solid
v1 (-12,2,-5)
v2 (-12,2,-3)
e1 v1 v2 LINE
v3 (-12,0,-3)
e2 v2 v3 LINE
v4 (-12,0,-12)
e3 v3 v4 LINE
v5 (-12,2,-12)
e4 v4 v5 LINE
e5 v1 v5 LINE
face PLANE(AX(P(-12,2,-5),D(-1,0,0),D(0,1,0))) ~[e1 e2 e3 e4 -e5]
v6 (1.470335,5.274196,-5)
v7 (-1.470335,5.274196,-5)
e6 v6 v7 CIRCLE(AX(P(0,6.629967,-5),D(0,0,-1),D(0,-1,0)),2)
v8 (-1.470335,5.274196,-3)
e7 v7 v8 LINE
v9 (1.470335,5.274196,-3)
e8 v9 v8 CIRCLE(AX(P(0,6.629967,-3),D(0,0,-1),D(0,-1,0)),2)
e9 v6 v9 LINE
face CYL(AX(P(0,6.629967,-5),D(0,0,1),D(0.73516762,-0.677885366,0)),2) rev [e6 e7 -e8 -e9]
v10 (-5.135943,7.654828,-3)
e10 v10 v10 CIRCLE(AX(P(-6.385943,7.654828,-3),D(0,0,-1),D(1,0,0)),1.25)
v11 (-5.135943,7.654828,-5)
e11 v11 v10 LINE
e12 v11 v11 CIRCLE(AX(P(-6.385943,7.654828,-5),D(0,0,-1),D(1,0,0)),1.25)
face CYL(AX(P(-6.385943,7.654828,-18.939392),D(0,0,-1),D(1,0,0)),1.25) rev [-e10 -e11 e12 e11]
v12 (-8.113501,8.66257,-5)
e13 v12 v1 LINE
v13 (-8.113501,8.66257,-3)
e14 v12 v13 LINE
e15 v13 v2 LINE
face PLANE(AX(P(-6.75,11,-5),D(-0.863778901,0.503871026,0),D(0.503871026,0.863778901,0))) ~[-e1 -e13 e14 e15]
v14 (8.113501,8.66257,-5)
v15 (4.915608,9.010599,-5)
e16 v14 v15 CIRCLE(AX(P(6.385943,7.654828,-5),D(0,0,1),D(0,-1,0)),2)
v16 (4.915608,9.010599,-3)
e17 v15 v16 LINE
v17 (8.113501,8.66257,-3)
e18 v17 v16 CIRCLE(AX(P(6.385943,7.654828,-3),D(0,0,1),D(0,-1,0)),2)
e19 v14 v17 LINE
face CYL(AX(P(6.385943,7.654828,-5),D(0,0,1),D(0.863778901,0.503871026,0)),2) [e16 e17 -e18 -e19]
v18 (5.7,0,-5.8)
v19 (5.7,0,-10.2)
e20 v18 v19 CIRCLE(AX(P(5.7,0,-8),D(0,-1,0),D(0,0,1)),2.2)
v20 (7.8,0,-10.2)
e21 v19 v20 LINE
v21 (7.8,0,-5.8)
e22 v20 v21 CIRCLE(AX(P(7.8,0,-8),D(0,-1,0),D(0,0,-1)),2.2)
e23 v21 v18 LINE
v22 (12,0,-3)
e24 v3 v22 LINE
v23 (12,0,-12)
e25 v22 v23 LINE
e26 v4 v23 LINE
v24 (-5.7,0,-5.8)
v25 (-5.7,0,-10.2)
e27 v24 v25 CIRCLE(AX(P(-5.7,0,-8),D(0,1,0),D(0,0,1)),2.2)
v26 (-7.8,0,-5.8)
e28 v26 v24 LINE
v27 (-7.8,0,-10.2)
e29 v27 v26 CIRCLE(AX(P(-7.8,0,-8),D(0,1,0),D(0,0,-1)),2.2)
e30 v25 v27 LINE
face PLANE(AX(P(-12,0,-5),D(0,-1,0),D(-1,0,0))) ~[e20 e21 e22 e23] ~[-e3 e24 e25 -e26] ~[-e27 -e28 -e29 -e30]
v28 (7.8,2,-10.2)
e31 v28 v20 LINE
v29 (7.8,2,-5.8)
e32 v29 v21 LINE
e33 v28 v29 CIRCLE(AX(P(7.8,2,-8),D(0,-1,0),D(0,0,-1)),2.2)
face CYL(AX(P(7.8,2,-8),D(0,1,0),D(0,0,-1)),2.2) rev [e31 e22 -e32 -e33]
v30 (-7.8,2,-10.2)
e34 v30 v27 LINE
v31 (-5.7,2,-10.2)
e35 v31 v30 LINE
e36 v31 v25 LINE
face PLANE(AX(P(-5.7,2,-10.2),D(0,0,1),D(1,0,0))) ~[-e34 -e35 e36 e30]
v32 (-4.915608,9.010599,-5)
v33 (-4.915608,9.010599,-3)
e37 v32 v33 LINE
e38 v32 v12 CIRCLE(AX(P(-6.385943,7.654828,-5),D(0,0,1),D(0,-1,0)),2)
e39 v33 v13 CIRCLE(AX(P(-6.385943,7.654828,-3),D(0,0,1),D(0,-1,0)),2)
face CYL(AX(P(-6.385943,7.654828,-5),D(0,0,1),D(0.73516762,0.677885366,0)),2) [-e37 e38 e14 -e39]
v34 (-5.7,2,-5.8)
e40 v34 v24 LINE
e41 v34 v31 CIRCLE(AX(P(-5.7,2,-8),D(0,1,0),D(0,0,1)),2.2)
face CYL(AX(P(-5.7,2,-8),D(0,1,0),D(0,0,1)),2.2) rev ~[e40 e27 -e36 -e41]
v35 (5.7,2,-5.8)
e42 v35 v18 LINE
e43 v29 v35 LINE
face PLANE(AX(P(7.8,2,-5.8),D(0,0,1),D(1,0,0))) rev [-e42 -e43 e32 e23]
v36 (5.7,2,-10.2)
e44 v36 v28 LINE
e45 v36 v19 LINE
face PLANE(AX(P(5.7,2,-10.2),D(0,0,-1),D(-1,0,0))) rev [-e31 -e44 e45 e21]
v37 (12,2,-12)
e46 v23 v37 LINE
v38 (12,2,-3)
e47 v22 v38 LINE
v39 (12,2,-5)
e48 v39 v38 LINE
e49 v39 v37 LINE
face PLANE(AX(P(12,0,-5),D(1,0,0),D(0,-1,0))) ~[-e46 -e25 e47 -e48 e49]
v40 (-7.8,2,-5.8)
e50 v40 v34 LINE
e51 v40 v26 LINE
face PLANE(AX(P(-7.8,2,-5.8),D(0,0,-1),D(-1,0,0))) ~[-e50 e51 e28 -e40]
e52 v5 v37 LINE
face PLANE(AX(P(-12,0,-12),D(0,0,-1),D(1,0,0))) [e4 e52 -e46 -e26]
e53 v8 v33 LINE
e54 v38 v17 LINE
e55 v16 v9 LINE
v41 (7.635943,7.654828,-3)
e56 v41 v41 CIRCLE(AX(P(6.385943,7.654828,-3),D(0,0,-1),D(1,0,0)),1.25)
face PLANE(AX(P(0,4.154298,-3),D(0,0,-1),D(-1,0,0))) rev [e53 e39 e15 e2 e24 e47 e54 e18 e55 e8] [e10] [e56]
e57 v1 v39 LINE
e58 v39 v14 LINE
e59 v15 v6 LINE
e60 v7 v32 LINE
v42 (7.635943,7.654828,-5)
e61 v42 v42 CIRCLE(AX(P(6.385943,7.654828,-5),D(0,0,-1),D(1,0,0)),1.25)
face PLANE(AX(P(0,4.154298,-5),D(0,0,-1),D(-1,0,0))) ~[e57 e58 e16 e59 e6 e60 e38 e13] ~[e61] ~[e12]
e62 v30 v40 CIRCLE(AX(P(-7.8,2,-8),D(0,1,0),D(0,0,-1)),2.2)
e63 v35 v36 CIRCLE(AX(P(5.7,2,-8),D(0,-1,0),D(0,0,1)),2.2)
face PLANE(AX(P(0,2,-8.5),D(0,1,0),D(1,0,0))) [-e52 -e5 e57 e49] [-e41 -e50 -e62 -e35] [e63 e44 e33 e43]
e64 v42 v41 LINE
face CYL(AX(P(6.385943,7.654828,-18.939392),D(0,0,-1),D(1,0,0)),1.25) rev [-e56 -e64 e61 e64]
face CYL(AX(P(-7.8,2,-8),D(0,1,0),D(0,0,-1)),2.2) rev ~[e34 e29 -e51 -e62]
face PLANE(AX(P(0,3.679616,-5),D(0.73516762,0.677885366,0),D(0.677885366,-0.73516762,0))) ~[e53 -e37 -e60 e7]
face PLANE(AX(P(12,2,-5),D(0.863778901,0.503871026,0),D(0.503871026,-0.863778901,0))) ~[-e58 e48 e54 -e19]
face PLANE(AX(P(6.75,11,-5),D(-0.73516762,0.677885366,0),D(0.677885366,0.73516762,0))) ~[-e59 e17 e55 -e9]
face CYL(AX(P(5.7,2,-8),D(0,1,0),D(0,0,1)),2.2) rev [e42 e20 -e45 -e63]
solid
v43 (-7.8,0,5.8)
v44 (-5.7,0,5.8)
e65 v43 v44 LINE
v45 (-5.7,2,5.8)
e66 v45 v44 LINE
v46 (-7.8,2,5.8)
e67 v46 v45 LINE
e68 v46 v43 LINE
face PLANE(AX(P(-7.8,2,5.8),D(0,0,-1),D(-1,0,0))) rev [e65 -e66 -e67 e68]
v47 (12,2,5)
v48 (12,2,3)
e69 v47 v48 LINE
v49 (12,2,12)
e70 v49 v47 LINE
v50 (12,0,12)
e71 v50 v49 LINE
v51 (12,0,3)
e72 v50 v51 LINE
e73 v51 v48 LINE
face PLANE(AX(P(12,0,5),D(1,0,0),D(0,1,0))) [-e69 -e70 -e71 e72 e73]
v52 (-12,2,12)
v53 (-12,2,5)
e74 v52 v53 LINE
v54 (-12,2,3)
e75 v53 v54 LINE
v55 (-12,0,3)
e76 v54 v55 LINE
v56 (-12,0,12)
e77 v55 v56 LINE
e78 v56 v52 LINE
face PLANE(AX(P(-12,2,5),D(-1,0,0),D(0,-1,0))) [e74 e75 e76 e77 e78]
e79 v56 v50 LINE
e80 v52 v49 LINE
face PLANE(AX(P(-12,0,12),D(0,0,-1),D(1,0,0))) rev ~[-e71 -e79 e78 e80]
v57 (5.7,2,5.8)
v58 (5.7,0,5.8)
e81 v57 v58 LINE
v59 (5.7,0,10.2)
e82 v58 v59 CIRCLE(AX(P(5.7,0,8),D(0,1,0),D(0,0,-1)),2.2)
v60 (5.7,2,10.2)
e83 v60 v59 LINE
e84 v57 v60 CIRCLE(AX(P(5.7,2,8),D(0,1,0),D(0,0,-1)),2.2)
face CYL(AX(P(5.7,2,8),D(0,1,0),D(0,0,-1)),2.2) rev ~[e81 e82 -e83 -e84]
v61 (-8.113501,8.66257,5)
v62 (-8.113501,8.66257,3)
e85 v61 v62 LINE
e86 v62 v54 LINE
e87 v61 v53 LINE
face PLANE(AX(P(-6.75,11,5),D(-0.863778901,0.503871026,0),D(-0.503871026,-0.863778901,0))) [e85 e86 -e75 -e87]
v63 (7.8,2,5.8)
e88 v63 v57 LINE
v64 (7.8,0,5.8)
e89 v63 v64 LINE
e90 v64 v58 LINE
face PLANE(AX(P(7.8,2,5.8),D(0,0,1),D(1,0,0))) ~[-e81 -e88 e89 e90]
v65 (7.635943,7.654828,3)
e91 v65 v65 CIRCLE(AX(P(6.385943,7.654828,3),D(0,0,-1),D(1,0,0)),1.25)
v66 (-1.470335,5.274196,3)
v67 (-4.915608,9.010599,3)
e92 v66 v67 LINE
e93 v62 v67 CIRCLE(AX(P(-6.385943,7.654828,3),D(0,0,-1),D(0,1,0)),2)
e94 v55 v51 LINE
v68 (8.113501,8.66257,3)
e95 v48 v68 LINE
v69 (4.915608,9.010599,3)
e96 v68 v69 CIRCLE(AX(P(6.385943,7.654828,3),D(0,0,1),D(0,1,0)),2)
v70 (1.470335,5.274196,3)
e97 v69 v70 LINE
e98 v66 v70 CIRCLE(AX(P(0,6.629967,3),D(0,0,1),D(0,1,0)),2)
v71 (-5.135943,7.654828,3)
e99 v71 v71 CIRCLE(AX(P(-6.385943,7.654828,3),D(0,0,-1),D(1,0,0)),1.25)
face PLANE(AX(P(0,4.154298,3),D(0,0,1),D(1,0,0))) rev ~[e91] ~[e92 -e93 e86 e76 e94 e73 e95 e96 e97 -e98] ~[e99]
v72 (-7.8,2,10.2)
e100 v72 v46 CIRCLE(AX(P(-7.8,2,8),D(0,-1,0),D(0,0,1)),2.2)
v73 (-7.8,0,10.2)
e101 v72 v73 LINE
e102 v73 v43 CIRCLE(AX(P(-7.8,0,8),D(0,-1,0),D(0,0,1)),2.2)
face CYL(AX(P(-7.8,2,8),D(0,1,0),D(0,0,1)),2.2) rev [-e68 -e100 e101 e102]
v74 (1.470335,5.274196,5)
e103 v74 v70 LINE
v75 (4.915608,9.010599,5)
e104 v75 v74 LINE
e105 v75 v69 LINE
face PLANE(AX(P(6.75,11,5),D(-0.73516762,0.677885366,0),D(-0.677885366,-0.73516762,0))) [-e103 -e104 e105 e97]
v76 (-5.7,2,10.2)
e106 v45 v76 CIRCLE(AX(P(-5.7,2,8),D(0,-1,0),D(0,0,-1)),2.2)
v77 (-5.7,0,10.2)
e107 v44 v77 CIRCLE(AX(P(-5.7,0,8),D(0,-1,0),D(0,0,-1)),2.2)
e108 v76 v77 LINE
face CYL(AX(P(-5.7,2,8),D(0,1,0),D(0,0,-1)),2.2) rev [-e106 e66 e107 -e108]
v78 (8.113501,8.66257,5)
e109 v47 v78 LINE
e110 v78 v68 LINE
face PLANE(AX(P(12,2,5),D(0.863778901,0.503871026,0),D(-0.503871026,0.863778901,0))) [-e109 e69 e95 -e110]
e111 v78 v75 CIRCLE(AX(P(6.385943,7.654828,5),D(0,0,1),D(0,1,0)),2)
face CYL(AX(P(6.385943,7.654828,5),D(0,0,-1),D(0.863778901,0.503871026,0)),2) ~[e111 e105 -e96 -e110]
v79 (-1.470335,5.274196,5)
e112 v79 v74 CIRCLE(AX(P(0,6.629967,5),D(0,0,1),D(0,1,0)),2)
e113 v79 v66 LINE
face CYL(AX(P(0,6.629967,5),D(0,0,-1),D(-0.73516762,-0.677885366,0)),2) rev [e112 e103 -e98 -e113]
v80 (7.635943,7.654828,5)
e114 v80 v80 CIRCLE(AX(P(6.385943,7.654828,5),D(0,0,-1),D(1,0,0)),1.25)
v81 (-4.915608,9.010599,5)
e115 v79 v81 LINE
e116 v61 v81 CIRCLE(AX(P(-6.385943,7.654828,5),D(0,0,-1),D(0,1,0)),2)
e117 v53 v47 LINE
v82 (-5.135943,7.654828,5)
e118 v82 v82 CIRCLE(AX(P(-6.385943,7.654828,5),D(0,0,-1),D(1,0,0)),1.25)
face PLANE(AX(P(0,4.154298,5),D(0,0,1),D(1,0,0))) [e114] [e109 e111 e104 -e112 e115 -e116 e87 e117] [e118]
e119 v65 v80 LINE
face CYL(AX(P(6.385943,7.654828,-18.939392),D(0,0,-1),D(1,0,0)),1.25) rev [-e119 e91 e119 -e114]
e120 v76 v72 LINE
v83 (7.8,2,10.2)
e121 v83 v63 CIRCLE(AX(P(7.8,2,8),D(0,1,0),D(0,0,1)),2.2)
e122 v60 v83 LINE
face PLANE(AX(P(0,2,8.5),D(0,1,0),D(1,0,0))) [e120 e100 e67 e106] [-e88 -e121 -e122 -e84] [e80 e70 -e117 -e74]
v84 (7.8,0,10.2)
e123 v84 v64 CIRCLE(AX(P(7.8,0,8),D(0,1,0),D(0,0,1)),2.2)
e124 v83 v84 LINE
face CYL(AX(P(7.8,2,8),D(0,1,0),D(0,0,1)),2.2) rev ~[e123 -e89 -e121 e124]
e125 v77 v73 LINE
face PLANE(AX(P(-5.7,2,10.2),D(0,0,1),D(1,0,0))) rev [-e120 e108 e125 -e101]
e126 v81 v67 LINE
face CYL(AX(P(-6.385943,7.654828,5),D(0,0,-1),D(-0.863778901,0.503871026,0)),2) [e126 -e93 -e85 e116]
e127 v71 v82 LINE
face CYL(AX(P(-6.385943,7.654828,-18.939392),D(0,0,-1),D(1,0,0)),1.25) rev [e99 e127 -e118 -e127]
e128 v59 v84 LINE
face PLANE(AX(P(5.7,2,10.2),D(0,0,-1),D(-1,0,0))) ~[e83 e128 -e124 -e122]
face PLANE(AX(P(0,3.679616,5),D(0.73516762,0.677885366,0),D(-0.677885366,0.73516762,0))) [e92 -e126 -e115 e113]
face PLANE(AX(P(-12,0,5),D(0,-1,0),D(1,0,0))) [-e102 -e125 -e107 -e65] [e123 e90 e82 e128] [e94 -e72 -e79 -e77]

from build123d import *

# Parameters (mm, degrees)
SKETCH3_W               = 24
SKETCH3_H               = 7
BOSS_EXTRUDE2_DEPTH     = 2
BOSS_EXTRUDE2_2_DEPTH   = 2
BOSS_EXTRUDE3_DEPTH     = 2
FILLET3_R               = 2
CUT_EXTRUDE2_DEPTH      = 2
FILLET3_OF_MIRROR34_R   = 2
CUT_EXTRUDE3_DEPTH      = 23.939392052
CUT_EXTRUDE3_DEPTH_BACK = 23.939392052
SKETCH7_R               = 1.25


with BuildPart() as part:
    # Sketch3 → Boss-Extrude2 (new body)
    with BuildSketch(Plane(origin=(0, 0, 0), x_dir=(1, 0, 0), z_dir=(0, 1, 0))):
        with Locations((0, -8.5)):
            Rectangle(SKETCH3_W, SKETCH3_H)
    boss_extrude2 = extrude(amount=BOSS_EXTRUDE2_DEPTH)

    # Sketch5 → Boss-Extrude3 (add)
    with BuildSketch(Plane(origin=(0, 0, 5), x_dir=(-1, 0, 0), z_dir=(0, 0, -1))):
        Polygon((-12, 2), (-6.75, 11), (0, 3.679615637), (6.75, 11), (12, 2), (12, 0), (-12, 0), align=None)
    boss_extrude3 = extrude(amount=BOSS_EXTRUDE3_DEPTH)

    # Fillet3
    fillet3_edges = [part.edges().sort_by_distance(p)[0] for p in [
        (-6.75, 11, 4),
        (0, 3.679615637, 4),
        (6.75, 11, 4),
    ]]
    fillet(fillet3_edges, radius=FILLET3_R)


with BuildPart() as body_2:
    # Sketch3 → Boss-Extrude2 2 (new body)
    with BuildSketch(Plane(origin=(0, 0, 0), x_dir=(1, 0, 0), z_dir=(0, 1, 0))):
        with Locations((0, 8.5)):
            Rectangle(SKETCH3_W, SKETCH3_H)
    boss_extrude2_2 = extrude(amount=BOSS_EXTRUDE2_2_DEPTH)


with BuildPart() as cut_extrude2_tool:
    # Sketch4 → Cut-Extrude2 (new body)
    with BuildSketch(Plane(origin=(0, 2, 0), x_dir=(1, 0, 0), z_dir=(0, 1, 0))):
        with BuildLine():
            Line((-7.8, -5.8), (-5.7, -5.8))
            ThreePointArc((-5.7, -5.8), (-3.5, -8), (-5.7, -10.2))
            Line((-5.7, -10.2), (-7.8, -10.2))
            ThreePointArc((-7.8, -10.2), (-10, -8), (-7.8, -5.8))
        make_face()
        with BuildLine():
            Line((5.7, -10.2), (7.8, -10.2))
            ThreePointArc((7.8, -10.2), (10, -8), (7.8, -5.8))
            Line((7.8, -5.8), (5.7, -5.8))
            ThreePointArc((5.7, -5.8), (3.5, -8), (5.7, -10.2))
        make_face()
        with BuildLine():
            Line((-7.8, 5.8), (-5.7, 5.8))
            ThreePointArc((-5.7, 5.8), (-3.5, 8), (-5.7, 10.2))
            Line((-5.7, 10.2), (-7.8, 10.2))
            ThreePointArc((-7.8, 10.2), (-10, 8), (-7.8, 5.8))
        make_face()
        with BuildLine():
            Line((5.7, 10.2), (7.8, 10.2))
            ThreePointArc((7.8, 10.2), (10, 8), (7.8, 5.8))
            Line((7.8, 5.8), (5.7, 5.8))
            ThreePointArc((5.7, 5.8), (3.5, 8), (5.7, 10.2))
        make_face()
    cut_extrude2 = extrude(amount=-CUT_EXTRUDE2_DEPTH)


with BuildPart() as part_1:
    add(part.part)

    # Cut-Extrude2: cut by cut_extrude2_tool
    add(cut_extrude2_tool.part, mode=Mode.SUBTRACT)



with BuildPart() as body_2_1:
    add(body_2.part)

    # Cut-Extrude2: cut by cut_extrude2_tool
    add(cut_extrude2_tool.part, mode=Mode.SUBTRACT)


with BuildPart() as part_2:
    add(part_1.part)

    add(body_2_1.part)  # Mirror34 merges body 2
    # Mirror34: Boss-Extrude2, Boss-Extrude2 2, Boss-Extrude3 across plane
    add(boss_extrude2.mirror(Plane.XY))
    add(boss_extrude2_2.mirror(Plane.XY))
    add(boss_extrude3.mirror(Plane.XY))

    # Mirror34 2: Cut-Extrude2 across plane
    add(cut_extrude2.mirror(Plane.XY), mode=Mode.SUBTRACT)

    # Fillet3 of Mirror34
    fillet3_of_mirror34_edges = [part_2.edges().sort_by_distance(p)[0] for p in [
        (-6.75, 11, -4),
        (0, 3.679615637, -4),
        (6.75, 11, -4),
    ]]
    fillet(fillet3_of_mirror34_edges, radius=FILLET3_OF_MIRROR34_R)

    # Sketch7 → Cut-Extrude3 (cut, two sides: drawn at the far end of the back side and taken through both)
    with BuildSketch(Plane.XY.offset(5).offset(-CUT_EXTRUDE3_DEPTH_BACK)):
        with Locations((-6.38594288, 7.654828208)):
            Circle(SKETCH7_R)
        with Locations((6.38594288, 7.654828208)):
            Circle(SKETCH7_R)
    extrude(amount=CUT_EXTRUDE3_DEPTH + CUT_EXTRUDE3_DEPTH_BACK, mode=Mode.SUBTRACT)


solid = part_2.part
